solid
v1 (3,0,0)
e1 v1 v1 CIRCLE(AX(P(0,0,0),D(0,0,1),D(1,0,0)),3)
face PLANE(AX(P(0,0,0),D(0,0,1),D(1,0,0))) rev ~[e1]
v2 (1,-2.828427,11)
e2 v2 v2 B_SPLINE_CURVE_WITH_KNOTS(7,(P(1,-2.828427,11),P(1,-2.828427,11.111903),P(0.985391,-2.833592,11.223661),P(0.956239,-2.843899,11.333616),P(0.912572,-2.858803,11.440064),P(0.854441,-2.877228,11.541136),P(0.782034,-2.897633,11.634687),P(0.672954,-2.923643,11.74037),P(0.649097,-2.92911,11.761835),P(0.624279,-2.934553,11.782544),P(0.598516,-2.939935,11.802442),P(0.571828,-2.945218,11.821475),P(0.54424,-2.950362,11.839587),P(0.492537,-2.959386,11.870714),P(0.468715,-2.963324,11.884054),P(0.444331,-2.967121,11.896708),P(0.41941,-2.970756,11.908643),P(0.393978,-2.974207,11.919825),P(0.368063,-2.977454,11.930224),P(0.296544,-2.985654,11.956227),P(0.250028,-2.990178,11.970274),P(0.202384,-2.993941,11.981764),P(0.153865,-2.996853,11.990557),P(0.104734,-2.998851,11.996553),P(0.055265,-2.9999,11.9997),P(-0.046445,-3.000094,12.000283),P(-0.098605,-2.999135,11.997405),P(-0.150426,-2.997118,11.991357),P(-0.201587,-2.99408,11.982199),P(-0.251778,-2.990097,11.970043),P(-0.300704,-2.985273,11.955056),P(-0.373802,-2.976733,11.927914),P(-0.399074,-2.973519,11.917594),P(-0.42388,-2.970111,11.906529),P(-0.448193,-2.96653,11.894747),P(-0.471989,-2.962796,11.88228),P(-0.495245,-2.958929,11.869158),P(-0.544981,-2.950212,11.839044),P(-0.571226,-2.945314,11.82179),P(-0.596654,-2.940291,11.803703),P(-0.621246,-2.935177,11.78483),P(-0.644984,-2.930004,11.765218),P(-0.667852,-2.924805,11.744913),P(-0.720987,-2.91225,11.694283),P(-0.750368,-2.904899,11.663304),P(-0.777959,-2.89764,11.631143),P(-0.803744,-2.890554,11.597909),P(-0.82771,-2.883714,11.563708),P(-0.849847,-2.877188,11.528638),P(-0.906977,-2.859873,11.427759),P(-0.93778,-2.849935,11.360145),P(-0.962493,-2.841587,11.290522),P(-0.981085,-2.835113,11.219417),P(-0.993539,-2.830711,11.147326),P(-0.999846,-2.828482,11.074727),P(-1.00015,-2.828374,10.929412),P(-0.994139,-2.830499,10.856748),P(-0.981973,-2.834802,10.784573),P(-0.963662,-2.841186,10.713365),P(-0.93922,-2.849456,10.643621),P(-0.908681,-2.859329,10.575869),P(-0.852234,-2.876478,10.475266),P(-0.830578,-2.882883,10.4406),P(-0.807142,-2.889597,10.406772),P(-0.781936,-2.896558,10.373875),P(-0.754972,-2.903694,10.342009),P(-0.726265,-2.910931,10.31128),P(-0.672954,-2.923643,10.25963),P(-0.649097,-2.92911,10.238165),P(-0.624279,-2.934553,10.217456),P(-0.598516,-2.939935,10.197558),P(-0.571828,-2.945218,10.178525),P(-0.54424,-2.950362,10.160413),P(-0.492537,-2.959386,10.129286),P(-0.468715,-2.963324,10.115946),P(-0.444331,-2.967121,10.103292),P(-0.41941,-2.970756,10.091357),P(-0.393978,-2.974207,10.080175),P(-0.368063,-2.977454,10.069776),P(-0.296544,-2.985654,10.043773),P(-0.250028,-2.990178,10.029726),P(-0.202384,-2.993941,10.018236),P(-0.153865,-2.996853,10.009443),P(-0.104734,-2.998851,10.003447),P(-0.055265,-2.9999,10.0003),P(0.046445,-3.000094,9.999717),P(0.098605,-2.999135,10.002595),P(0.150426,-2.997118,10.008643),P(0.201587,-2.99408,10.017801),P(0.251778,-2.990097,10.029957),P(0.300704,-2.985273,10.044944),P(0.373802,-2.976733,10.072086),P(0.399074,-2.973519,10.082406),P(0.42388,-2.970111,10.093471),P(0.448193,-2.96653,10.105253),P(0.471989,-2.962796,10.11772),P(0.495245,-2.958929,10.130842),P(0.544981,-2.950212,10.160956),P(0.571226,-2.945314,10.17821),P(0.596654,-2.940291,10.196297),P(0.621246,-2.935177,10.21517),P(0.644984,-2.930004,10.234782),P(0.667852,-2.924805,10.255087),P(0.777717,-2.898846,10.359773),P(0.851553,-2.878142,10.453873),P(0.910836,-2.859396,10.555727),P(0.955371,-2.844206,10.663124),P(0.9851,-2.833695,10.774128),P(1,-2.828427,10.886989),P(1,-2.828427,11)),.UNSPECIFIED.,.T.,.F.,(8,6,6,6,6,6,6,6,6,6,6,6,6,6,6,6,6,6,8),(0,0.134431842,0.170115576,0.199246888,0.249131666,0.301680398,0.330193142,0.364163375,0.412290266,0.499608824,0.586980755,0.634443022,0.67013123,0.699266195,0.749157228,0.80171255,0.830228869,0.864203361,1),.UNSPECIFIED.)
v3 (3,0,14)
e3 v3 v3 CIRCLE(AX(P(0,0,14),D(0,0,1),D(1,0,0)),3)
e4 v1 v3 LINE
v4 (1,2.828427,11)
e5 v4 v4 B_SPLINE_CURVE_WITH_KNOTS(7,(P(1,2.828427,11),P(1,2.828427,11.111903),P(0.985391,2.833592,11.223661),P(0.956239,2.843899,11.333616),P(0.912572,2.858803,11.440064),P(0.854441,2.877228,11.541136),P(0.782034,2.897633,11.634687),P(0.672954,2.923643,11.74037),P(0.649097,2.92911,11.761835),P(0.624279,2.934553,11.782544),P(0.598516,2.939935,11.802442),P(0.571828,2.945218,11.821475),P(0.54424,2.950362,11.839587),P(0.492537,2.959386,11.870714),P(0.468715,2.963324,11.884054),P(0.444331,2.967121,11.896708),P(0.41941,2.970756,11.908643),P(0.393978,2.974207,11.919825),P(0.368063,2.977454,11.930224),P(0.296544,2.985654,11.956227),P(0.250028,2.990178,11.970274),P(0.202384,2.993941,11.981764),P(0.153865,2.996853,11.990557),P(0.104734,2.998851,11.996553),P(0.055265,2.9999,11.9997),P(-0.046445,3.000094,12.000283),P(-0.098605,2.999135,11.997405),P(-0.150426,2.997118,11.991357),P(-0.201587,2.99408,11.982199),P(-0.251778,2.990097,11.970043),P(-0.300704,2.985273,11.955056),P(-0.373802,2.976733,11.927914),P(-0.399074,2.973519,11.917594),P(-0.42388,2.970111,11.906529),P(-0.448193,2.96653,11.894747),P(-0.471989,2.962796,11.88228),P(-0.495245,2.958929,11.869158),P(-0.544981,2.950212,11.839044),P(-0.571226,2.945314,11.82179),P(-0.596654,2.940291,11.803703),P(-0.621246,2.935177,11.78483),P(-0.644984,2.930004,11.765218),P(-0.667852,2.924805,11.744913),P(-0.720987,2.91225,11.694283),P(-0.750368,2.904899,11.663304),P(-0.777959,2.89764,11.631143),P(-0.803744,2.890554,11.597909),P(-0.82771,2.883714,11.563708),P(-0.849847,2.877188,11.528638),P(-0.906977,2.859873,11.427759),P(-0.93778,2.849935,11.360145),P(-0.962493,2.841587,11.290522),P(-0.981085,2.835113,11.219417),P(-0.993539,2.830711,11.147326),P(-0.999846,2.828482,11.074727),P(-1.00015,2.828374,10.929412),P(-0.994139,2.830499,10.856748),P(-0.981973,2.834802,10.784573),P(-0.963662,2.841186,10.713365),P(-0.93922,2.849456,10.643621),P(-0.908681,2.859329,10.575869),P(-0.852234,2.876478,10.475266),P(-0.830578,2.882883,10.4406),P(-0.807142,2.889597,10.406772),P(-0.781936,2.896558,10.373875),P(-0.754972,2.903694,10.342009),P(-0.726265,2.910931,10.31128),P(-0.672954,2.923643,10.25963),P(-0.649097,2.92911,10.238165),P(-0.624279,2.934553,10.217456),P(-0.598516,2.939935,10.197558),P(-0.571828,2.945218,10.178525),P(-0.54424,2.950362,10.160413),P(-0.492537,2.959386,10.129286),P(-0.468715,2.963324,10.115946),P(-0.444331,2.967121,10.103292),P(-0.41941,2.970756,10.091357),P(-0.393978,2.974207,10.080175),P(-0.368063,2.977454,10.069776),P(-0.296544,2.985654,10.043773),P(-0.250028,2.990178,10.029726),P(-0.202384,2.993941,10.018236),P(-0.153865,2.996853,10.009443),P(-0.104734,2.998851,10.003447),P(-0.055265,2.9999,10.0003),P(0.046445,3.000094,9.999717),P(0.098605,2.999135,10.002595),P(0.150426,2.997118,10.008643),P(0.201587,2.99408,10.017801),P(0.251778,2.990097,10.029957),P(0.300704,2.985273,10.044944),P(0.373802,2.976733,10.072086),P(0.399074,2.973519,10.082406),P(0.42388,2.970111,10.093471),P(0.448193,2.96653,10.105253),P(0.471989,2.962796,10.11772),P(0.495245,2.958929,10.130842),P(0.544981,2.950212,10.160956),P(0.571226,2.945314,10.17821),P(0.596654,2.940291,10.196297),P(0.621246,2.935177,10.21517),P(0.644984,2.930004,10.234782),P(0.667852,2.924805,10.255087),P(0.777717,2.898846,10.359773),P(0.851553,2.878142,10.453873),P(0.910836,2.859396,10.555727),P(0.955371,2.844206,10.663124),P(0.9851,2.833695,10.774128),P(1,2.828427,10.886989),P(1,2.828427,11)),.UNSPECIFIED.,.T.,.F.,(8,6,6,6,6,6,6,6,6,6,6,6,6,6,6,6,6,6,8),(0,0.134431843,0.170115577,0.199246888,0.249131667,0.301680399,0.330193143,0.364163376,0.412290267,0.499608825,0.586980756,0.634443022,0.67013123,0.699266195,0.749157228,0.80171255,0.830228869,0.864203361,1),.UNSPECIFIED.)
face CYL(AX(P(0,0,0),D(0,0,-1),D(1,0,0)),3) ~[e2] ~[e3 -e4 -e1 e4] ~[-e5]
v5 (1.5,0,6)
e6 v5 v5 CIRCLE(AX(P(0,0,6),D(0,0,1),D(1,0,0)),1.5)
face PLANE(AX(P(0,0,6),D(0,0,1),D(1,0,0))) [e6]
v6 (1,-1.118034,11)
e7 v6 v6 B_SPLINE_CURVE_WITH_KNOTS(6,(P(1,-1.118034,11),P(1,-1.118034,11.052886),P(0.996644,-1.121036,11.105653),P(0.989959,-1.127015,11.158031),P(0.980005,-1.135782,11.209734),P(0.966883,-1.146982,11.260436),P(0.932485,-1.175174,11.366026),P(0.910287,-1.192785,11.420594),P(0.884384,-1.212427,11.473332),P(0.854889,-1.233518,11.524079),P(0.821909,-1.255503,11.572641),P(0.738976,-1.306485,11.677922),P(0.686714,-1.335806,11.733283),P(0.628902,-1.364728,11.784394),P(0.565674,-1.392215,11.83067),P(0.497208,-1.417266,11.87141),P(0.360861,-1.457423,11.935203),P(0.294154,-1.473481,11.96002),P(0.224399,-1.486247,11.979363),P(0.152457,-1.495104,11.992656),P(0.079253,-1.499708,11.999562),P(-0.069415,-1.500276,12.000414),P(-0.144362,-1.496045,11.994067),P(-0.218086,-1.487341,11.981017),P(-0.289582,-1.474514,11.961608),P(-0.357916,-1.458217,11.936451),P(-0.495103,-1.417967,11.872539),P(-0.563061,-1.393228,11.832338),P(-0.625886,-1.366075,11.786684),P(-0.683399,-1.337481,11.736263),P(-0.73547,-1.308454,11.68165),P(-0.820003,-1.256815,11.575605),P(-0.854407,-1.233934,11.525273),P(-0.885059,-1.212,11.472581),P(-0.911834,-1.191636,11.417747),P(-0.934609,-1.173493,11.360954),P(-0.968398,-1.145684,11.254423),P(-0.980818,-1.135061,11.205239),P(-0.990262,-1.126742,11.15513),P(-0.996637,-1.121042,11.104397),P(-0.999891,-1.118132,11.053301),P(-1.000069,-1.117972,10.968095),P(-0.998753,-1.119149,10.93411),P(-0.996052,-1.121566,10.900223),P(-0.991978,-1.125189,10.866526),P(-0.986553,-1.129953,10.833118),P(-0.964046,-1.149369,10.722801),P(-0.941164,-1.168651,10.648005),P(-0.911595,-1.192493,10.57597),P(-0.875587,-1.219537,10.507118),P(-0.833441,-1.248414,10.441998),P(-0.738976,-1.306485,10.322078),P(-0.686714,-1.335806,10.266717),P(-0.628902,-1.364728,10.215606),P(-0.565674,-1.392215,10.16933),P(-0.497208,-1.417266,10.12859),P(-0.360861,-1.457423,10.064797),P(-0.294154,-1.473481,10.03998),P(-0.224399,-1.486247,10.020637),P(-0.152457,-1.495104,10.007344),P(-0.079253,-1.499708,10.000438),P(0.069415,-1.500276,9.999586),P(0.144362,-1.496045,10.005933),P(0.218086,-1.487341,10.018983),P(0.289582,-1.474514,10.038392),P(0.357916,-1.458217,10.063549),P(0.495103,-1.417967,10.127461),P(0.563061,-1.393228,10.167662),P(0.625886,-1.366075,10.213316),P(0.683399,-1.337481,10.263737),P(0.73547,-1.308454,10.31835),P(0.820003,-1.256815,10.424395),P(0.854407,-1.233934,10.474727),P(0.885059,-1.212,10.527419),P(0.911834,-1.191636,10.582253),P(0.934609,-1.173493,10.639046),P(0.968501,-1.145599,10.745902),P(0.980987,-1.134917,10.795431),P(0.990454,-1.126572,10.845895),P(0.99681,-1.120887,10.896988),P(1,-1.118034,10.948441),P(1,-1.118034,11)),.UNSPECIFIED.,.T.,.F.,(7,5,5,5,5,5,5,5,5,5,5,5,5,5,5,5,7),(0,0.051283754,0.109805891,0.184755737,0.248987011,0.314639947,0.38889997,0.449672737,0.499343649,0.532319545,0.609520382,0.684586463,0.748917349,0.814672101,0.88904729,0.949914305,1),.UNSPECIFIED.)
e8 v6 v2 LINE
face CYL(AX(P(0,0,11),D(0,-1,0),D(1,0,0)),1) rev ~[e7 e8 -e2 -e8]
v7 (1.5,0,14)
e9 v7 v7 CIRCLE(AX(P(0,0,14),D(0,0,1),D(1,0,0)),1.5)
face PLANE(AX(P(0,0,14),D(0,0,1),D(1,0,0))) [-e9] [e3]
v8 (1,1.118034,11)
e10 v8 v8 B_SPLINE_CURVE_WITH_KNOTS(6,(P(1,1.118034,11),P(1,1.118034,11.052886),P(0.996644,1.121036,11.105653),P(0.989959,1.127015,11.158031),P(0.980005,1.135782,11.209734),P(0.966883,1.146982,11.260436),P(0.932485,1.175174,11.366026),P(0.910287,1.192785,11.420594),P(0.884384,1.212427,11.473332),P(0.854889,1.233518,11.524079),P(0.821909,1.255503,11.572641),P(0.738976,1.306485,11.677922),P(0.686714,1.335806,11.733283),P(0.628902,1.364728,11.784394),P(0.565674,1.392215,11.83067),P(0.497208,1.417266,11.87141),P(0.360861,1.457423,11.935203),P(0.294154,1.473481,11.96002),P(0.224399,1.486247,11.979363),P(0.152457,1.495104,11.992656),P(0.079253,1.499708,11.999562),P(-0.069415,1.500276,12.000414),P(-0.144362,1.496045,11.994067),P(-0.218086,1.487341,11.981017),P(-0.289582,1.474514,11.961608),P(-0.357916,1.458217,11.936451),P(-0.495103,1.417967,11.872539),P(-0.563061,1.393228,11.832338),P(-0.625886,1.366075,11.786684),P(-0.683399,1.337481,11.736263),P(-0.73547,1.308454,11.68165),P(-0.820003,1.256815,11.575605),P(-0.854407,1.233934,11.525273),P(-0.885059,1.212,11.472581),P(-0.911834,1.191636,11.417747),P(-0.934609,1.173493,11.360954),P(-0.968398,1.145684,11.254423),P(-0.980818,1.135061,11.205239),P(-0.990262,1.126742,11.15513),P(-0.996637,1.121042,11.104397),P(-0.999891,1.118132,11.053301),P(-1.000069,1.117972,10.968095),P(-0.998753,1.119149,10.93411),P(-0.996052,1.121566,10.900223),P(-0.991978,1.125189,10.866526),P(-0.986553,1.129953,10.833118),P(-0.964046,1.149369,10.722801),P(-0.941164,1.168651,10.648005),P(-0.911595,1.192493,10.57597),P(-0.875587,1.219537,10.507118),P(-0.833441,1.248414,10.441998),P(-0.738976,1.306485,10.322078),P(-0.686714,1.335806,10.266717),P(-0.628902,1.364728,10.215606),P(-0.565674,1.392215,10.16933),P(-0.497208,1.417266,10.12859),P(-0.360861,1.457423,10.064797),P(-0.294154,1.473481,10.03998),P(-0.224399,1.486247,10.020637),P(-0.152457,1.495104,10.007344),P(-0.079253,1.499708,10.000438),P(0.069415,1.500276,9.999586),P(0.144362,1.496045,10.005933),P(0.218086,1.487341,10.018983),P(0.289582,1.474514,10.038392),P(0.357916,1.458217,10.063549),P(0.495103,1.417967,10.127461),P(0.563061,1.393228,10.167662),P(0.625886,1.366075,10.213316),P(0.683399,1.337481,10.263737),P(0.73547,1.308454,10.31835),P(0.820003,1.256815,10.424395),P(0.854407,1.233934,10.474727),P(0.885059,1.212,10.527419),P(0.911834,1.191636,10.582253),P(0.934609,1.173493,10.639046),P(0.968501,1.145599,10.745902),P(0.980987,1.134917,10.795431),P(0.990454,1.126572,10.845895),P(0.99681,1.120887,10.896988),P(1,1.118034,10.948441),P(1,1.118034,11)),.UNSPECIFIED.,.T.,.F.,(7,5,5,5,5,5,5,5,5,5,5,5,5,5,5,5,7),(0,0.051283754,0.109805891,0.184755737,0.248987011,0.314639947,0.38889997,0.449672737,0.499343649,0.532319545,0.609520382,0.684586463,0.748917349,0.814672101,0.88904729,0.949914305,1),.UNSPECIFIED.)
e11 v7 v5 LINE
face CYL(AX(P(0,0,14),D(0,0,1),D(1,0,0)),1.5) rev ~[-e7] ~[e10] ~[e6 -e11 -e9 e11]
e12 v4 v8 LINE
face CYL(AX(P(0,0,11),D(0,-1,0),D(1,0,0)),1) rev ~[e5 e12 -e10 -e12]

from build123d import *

# Parameters (mm, degrees)
SKETCH002_R  = 1
PAD001_DEPTH = 5
SKETCH_R     = 3
PAD_DEPTH    = 14
SKETCH001_R  = 1.5
POCKET_DEPTH = 8


with BuildPart() as pad001:
    # Sketch002 → Pad001 (new body, symmetric)
    with BuildSketch(Plane.XZ):
        with Locations((0, 11)):
            Circle(SKETCH002_R)
    extrude(amount=PAD001_DEPTH, both=True)


with BuildPart() as cut:
    # Sketch → Pad (new body)
    with BuildSketch(Plane.XY):
        Circle(SKETCH_R)
    extrude(amount=PAD_DEPTH)

    # Sketch001 → Pocket (cut)
    with BuildSketch(Plane.XY.offset(14)):
        Circle(SKETCH001_R)
    extrude(amount=-POCKET_DEPTH, mode=Mode.SUBTRACT)

    # Cut: cut Pad001
    add(pad001.part, mode=Mode.SUBTRACT)


solid = cut.part
